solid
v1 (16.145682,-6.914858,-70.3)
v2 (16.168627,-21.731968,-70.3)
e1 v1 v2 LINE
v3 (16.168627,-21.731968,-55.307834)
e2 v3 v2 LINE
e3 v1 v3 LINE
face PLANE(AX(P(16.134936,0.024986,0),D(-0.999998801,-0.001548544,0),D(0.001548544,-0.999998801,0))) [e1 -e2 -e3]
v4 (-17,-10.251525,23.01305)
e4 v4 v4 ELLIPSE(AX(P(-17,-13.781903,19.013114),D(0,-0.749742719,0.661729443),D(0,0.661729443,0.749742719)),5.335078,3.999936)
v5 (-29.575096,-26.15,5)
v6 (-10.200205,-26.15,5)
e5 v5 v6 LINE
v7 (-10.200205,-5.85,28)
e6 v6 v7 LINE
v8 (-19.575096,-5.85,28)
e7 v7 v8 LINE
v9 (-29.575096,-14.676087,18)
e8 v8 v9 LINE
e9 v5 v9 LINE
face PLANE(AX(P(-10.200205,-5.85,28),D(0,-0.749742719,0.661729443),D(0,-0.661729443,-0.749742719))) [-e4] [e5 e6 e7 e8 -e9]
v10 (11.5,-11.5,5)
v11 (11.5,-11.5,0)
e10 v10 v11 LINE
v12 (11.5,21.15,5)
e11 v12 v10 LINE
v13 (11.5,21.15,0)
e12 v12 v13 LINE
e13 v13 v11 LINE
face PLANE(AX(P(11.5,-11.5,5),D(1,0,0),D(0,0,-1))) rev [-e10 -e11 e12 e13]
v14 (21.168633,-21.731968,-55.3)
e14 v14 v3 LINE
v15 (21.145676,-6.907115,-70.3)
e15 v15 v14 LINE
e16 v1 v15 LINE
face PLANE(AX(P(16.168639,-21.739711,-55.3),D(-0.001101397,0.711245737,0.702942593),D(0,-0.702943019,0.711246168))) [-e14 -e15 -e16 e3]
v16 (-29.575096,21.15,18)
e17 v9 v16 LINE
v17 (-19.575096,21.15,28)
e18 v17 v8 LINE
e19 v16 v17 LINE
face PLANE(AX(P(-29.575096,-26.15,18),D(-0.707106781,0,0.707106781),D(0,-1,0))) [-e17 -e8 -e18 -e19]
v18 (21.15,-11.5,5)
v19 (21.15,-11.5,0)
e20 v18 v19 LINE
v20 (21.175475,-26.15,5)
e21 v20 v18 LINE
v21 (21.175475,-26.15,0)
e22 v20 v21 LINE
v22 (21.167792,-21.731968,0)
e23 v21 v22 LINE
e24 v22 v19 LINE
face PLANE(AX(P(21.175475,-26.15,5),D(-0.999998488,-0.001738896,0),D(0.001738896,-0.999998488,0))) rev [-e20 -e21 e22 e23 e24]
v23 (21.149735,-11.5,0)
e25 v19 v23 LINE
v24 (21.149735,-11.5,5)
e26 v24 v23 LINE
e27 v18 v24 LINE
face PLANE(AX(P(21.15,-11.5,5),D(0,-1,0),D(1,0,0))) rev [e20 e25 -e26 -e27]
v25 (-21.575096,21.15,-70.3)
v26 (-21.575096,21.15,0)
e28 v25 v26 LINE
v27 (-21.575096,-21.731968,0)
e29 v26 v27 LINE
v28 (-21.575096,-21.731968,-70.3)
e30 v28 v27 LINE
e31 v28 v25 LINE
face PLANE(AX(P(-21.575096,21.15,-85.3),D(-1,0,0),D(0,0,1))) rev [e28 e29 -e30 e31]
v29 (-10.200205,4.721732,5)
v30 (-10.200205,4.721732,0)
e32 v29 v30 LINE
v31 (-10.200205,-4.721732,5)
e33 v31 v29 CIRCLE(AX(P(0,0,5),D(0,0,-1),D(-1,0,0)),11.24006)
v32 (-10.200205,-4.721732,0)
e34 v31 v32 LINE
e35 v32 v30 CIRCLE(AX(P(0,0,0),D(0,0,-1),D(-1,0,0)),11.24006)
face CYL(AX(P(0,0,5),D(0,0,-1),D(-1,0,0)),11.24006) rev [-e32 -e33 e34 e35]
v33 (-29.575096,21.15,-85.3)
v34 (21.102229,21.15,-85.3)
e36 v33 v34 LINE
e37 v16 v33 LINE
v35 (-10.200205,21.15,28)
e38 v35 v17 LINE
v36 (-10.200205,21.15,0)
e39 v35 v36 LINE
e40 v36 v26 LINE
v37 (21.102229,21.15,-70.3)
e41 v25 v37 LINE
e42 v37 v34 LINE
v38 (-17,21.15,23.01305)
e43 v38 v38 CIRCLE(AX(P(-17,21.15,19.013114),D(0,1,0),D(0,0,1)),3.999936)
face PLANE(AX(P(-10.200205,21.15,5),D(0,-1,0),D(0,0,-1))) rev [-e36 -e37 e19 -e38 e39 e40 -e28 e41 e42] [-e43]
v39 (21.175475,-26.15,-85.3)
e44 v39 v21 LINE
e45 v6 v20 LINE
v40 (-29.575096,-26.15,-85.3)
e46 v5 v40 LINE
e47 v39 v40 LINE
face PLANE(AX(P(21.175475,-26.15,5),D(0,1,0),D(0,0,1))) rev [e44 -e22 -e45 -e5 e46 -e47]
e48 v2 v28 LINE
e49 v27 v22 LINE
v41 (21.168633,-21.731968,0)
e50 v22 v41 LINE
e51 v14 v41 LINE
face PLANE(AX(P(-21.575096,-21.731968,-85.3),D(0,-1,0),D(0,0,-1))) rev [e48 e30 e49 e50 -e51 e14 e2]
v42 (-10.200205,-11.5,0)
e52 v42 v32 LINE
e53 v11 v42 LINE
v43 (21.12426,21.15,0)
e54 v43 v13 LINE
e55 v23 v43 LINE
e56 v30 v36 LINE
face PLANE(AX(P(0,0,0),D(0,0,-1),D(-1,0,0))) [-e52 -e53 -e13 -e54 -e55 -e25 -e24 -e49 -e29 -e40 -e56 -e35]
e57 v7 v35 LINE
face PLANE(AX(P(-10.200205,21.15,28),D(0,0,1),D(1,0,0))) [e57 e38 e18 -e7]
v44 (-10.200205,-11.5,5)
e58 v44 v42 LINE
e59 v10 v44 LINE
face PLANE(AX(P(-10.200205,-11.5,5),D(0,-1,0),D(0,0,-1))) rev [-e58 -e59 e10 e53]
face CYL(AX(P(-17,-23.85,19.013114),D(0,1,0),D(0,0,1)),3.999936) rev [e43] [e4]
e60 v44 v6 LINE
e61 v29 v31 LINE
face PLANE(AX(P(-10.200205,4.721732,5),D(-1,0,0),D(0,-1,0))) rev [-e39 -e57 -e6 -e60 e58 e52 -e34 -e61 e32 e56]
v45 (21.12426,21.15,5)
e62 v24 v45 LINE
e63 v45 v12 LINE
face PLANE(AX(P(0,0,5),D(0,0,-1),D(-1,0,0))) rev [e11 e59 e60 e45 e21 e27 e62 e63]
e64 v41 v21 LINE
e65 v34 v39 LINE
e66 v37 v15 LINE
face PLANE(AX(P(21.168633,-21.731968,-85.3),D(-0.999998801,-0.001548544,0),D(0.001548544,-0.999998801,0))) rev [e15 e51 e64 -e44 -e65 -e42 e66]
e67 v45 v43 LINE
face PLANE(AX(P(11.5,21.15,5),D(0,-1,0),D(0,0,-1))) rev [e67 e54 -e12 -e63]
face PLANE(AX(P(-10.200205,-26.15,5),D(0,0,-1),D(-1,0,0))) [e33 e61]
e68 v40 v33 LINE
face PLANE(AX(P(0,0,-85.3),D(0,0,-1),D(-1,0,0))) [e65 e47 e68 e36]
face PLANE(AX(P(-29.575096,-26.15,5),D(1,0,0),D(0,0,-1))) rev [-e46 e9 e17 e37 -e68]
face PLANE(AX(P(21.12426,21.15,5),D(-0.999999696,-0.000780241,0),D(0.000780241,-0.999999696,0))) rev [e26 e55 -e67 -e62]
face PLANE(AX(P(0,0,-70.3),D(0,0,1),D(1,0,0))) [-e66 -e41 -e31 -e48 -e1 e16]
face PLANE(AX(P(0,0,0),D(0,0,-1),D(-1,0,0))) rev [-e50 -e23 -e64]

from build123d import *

# Parameters (mm, degrees)
SALIENTE_EXTRUIR1_DEPTH = 5
SALIENTE_EXTRUIR3_DEPTH = 19.374886
CROQUIS3_R              = 3.999935673
CORTAR_EXTRUIR2_DEPTH   = 45
SALIENTE_EXTRUIR4_DEPTH = 85.3
SALIENTE_EXTRUIR5_DEPTH = 15
SALIENTE_EXTRUIR6_DEPTH = 5
CHAFL_N1_SIZE           = 10


with BuildPart() as part:
    # Croquis1 → Saliente-Extruir1 (new body)
    with BuildSketch(Plane.XY):
        with BuildLine():
            Line((-10.200205365, -11.5), (-10.200205365, -4.721731506))
            ThreePointArc((-10.200205365, -4.721731506), (-11.240059515, 0), (-10.200205365, 4.721731506))
            Line((-10.200205365, 4.721731506), (-10.200205365, 21.15))
            Line((-10.200205365, 21.15), (-29.575095614, 21.15))
            Line((-29.575095614, 21.15), (-29.575095614, -26.15))
            Line((-29.575095614, -26.15), (-21.15, -26.15))
            Line((-21.15, -26.15), (21.175474863, -26.15))
            Line((21.175474863, -26.15), (21.15, -11.5))
            Line((21.15, -11.5), (21.124259996, 21.15))
            Line((21.124259996, 21.15), (11.5, 21.15))
            Line((11.5, 21.15), (11.5, -11.5))
            Line((11.5, -11.5), (-10.200205365, -11.5))
        make_face()
    extrude(amount=SALIENTE_EXTRUIR1_DEPTH)

    # Croquis2 → Saliente-Extruir3 (add)
    with BuildSketch(Plane.ZY.offset(29.575095614)):
        Polygon((5, 21.15), (28, 21.15), (28, -5.85), (5, -26.15), align=None)
    extrude(amount=-SALIENTE_EXTRUIR3_DEPTH)

    # Croquis3 → Cortar-Extruir2 (cut)
    with BuildSketch(Plane(origin=(0, 21.15, 0), x_dir=(1, 0, 0), z_dir=(0, 1, 0))):
        with Locations(Location((-17, -19.013114366, 0), (0, 0, 270))):
            Circle(CROQUIS3_R)
    extrude(amount=-CORTAR_EXTRUIR2_DEPTH, mode=Mode.SUBTRACT)

    # Croquis4 → Saliente-Extruir4 (add)
    with BuildSketch(Plane(origin=(0, 0, 0), x_dir=(-1, 0, 0), z_dir=(0, 0, -1))):
        Polygon((-21.175474863, -26.15), (29.575095614, -26.15), (29.575095614, 21.15), (21.575095614, 21.15), (21.575095614, -21.731968458), (-21.168633339, -21.731968458), align=None)
    extrude(amount=SALIENTE_EXTRUIR4_DEPTH)

    # Croquis5 → Saliente-Extruir5 (add)
    with BuildSketch(Plane(origin=(0, 0, -85.3), x_dir=(-1, 0, 0), z_dir=(0, 0, -1))):
        Polygon((-21.168633339, -21.731968458), (-21.102228651, 21.15), (29.575095614, 21.15), (29.575095614, -26.15), (-21.175474863, -26.15), align=None)
    extrude(amount=-SALIENTE_EXTRUIR5_DEPTH)

    # Croquis7 → Saliente-Extruir6 (add)
    with BuildSketch(Plane(origin=(21.134929711, 0.032728405, 0), x_dir=(0, 0, -1), z_dir=(0.9999988010052605, 0.0015485438455565383, 0))):
        Polygon((70.3, -21.764722958), (70.3, -6.93985202), (55.3, -21.764722958), align=None)
    extrude(amount=-SALIENTE_EXTRUIR6_DEPTH)

    # Chaflán1
    chafl_n1_edges = [part.edges().sort_by_distance(p)[0] for p in [
        (-29.575095614, 7.65, 28),
    ]]
    chamfer(chafl_n1_edges, length=CHAFL_N1_SIZE)


solid = part.part
